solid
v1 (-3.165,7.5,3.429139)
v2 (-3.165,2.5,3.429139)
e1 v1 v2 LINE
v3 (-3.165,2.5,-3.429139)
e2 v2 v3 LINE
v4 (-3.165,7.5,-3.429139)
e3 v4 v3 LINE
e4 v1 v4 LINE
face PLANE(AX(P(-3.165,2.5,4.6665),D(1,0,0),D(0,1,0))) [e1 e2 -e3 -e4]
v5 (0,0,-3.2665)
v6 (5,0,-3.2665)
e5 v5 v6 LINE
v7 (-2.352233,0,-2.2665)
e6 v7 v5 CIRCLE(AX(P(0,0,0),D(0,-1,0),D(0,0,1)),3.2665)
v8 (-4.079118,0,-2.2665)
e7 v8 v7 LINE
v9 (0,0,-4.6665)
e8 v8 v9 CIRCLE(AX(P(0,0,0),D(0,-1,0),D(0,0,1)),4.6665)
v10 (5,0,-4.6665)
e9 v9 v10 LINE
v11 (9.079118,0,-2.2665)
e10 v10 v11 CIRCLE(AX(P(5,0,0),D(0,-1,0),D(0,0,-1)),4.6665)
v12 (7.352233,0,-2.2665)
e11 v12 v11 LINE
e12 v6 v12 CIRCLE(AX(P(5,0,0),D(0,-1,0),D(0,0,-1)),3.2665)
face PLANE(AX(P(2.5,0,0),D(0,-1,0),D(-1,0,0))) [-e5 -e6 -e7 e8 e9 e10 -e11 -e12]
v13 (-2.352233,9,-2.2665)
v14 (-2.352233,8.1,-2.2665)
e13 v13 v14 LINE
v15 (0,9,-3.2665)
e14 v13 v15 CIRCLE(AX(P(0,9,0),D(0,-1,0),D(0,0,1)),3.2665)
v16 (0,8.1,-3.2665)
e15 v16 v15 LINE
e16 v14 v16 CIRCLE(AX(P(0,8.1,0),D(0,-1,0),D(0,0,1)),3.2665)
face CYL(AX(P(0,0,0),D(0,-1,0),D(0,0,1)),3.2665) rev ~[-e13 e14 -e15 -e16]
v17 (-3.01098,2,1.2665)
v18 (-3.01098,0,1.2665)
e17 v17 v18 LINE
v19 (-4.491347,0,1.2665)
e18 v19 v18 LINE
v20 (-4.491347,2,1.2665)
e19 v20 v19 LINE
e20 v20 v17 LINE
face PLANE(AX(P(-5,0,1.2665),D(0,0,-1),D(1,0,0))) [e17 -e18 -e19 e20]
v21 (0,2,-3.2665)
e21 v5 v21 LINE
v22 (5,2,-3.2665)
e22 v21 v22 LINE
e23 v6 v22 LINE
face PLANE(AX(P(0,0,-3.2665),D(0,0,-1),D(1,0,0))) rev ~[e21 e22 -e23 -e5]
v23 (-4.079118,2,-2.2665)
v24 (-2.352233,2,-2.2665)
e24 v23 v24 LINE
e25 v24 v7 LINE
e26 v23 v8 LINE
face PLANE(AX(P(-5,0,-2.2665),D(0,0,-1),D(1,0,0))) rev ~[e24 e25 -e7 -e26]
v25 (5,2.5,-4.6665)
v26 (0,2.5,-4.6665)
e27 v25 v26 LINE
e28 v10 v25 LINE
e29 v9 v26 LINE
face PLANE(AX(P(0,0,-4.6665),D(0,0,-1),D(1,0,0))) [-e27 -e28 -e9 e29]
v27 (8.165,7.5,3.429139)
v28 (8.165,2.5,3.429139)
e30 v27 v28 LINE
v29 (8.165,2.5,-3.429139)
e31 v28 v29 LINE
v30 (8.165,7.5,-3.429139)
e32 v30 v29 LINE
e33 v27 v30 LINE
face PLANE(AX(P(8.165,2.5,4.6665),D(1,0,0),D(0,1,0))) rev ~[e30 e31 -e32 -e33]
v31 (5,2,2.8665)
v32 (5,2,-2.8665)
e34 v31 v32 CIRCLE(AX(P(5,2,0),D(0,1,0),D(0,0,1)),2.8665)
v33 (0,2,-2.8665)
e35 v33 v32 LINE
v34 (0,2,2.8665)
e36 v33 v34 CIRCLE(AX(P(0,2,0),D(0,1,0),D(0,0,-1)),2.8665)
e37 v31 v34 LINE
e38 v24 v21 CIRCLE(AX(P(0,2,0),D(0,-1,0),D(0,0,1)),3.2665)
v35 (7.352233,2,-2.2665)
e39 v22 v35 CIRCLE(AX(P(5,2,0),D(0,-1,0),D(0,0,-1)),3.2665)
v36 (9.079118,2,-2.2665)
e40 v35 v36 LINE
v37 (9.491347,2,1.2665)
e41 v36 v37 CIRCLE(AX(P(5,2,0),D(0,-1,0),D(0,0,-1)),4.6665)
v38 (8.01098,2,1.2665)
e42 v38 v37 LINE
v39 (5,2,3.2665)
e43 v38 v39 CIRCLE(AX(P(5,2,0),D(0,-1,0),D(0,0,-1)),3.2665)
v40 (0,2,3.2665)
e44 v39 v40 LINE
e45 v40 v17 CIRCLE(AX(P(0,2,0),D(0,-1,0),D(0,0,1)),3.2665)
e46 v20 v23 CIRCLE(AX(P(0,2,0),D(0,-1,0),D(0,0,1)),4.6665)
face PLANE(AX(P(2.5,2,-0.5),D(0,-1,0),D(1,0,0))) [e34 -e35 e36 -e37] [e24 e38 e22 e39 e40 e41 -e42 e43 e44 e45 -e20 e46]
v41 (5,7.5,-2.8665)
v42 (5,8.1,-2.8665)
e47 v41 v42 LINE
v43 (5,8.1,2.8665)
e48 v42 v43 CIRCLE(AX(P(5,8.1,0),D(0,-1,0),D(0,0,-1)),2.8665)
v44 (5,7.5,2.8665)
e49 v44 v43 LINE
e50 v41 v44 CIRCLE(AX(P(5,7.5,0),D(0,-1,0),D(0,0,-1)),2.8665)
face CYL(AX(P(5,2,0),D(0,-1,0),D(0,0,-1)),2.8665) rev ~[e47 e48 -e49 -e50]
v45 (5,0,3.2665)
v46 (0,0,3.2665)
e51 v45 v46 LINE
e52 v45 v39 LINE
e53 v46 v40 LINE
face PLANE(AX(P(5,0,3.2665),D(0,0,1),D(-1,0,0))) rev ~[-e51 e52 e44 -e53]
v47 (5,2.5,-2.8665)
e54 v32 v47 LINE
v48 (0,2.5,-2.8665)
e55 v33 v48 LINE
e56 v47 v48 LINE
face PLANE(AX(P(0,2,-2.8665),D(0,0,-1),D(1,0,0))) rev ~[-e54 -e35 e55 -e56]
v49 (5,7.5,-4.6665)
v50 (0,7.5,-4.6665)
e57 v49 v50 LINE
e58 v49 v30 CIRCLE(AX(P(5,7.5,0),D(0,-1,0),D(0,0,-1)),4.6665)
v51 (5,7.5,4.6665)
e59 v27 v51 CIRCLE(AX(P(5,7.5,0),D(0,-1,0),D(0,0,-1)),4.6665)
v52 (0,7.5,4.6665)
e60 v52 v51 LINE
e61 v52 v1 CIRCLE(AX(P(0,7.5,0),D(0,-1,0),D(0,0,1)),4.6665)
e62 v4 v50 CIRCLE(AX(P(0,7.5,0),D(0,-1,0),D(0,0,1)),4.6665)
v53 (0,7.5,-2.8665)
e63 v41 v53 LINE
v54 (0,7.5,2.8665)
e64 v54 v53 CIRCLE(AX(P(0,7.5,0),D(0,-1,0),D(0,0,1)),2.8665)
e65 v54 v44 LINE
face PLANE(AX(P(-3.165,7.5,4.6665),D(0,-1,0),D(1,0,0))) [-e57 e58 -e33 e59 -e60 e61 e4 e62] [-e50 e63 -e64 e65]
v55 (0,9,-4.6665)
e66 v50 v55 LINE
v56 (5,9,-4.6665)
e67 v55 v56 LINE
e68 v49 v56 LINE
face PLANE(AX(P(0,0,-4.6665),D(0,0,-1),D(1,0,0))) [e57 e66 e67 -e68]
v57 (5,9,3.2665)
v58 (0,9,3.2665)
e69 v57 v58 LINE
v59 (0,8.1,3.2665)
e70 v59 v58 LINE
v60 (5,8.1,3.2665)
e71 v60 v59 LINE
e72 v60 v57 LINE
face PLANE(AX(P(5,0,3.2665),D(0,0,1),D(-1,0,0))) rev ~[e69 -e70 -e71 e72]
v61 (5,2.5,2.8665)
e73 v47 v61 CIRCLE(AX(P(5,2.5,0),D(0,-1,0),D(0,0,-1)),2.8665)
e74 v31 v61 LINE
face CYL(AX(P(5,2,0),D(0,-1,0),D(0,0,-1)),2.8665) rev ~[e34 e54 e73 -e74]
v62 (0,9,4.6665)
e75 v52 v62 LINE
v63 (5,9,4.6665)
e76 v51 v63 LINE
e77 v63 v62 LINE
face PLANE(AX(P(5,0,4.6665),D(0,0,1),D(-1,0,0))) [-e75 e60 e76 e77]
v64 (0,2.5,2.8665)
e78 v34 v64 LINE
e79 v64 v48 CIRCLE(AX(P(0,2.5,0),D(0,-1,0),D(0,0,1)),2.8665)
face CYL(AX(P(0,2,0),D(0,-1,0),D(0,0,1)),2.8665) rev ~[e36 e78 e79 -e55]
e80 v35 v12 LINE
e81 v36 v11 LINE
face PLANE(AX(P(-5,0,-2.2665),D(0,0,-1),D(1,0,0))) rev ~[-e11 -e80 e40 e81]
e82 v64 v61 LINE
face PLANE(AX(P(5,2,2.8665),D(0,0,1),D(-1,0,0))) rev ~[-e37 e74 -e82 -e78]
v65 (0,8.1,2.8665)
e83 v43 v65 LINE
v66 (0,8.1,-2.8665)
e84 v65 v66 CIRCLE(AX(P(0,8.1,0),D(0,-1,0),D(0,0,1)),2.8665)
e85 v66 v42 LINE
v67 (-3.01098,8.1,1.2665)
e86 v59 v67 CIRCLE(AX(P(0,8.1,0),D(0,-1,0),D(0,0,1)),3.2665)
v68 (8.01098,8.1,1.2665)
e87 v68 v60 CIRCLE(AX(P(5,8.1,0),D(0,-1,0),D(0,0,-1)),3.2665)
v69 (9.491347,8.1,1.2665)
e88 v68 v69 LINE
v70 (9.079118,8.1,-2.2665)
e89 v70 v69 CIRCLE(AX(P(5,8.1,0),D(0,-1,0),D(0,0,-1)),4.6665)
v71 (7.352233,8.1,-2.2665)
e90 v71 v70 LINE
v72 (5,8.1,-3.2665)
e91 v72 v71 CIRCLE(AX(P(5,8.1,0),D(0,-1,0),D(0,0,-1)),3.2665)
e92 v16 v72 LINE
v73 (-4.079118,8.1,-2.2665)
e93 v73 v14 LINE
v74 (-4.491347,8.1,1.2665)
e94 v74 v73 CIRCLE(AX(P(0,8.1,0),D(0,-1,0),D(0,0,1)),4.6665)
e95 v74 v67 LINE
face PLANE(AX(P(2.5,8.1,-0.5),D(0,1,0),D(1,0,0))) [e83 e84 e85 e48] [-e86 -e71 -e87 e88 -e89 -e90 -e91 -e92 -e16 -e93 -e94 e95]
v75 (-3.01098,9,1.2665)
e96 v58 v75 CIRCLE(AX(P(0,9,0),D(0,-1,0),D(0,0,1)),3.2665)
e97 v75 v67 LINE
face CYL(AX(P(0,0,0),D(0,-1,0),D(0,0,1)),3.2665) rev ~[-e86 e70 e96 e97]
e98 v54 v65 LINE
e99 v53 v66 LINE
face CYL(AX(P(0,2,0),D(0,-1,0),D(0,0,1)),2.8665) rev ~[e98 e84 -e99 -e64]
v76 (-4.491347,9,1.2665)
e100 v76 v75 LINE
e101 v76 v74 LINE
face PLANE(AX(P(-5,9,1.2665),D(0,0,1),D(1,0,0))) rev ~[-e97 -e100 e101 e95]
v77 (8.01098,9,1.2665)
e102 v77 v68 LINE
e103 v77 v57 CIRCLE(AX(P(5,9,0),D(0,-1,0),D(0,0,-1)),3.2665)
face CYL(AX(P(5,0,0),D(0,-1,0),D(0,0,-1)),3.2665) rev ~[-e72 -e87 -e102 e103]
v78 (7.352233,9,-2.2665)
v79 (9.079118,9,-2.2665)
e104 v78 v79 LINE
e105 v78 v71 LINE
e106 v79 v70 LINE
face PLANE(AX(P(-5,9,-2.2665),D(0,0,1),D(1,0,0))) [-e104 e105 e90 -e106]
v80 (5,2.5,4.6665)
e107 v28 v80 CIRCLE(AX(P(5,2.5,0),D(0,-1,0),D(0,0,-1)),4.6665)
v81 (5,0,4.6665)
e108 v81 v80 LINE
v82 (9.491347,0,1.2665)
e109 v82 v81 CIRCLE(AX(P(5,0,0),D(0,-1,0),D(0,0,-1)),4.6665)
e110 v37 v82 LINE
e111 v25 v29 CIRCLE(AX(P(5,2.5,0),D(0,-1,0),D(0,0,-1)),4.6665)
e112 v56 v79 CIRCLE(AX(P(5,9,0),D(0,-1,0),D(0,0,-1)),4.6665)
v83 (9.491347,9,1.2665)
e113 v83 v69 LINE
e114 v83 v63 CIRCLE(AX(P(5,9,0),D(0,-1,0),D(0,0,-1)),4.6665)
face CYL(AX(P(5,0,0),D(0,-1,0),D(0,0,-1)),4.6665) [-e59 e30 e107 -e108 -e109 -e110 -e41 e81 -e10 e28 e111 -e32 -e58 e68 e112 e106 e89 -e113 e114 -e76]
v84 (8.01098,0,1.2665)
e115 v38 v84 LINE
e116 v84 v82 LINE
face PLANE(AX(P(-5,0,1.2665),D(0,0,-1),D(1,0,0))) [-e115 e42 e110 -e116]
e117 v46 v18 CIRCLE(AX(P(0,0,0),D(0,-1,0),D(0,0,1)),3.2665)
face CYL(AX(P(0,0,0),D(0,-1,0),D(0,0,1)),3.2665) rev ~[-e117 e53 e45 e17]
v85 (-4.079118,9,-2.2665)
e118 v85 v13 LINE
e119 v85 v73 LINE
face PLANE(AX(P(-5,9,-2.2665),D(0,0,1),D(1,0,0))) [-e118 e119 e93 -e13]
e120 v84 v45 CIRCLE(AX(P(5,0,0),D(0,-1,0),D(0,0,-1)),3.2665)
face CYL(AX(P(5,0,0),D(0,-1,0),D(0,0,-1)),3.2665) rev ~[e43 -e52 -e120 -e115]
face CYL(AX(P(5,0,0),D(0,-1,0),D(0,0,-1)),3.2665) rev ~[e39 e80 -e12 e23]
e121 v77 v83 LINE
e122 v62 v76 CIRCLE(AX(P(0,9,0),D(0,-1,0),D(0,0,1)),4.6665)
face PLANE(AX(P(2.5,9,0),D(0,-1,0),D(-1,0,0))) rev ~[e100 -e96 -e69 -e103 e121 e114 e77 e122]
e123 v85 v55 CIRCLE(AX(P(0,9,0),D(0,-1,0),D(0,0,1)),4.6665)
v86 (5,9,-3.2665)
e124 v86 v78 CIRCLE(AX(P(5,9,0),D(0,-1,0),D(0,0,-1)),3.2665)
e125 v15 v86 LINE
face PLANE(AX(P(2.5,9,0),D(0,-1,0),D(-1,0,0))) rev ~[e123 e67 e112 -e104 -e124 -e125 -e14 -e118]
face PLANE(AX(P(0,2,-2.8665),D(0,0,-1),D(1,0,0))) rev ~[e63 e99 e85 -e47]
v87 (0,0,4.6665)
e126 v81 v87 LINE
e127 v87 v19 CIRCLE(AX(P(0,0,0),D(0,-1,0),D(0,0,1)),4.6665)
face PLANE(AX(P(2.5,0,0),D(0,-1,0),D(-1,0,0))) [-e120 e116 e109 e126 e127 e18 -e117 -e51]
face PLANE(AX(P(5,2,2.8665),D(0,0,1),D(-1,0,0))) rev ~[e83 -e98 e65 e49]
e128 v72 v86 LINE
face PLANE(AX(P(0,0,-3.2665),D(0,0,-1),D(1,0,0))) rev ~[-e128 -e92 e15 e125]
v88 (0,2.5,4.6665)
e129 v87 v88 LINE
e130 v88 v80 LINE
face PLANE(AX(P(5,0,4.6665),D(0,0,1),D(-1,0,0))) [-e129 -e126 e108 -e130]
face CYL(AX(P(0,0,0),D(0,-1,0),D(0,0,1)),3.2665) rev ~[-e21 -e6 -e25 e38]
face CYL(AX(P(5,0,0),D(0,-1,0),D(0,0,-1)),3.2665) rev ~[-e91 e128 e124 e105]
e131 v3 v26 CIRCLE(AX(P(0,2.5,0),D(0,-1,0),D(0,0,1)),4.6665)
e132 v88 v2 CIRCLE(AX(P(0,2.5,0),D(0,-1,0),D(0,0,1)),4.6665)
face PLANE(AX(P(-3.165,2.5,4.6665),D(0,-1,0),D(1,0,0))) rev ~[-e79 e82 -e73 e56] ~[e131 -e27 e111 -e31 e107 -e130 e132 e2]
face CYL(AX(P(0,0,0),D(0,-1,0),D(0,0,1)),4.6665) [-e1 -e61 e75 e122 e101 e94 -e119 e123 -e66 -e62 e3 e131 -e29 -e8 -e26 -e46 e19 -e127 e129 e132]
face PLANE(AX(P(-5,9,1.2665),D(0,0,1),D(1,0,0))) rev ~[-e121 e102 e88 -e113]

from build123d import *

# Parameters (mm, degrees)
BOSS_EXTRUDE1_DEPTH = 9
BOSS_EXTRUDE2_DEPTH = 6.1
SKETCH3_W           = 11.33
SKETCH3_H           = 5
CUT_EXTRUDE1_DEPTH  = 10
SKETCH4_W           = 15
SKETCH4_H           = 3.533
CUT_EXTRUDE2_DEPTH  = 0.9
SKETCH5_W           = 15
SKETCH5_H           = 3.533
CUT_EXTRUDE3_DEPTH  = 2


with BuildPart() as part:
    # Sketch1 → Boss-Extrude1 (new body)
    with BuildSketch(Plane(origin=(0, 0, 0), x_dir=(1, 0, 0), z_dir=(0, 1, 0))):
        with BuildLine():
            Line((0, 4.6665), (5, 4.6665))
            ThreePointArc((5, 4.6665), (9.6665, 0), (5, -4.6665))
            Line((5, -4.6665), (0, -4.6665))
            ThreePointArc((0, -4.6665), (-4.6665, 0), (0, 4.6665))
        make_face()
        with BuildLine():
            Line((0, 3.2665), (5, 3.2665))
            ThreePointArc((5, 3.2665), (8.2665, 0), (5, -3.2665))
            Line((5, -3.2665), (0, -3.2665))
            ThreePointArc((0, -3.2665), (-3.2665, 0), (0, 3.2665))
        make_face(mode=Mode.SUBTRACT)
    extrude(amount=BOSS_EXTRUDE1_DEPTH)

    # Sketch2 → Boss-Extrude2 (add)
    with BuildSketch(Plane(origin=(0, 2, 0), x_dir=(1, 0, 0), z_dir=(0, 1, 0))):
        with BuildLine():
            Line((0, 3.2665), (5, 3.2665))
            ThreePointArc((5, 3.2665), (8.2665, 0), (5, -3.2665))
            Line((5, -3.2665), (0, -3.2665))
            ThreePointArc((0, -3.2665), (-3.2665, 0), (0, 3.2665))
        make_face()
        with BuildLine():
            Line((0, 2.8665), (5, 2.8665))
            ThreePointArc((5, 2.8665), (7.8665, 0), (5, -2.8665))
            Line((5, -2.8665), (0, -2.8665))
            ThreePointArc((0, -2.8665), (-2.8665, 0), (0, 2.8665))
        make_face(mode=Mode.SUBTRACT)
    extrude(amount=BOSS_EXTRUDE2_DEPTH)

    # Sketch3 → Cut-Extrude1 (cut)
    with BuildSketch(Plane.XY.offset(4.6665)):
        with Locations((2.5, 5)):
            Rectangle(SKETCH3_W, SKETCH3_H)
    extrude(amount=-CUT_EXTRUDE1_DEPTH, mode=Mode.SUBTRACT)

    # Sketch4 → Cut-Extrude2 (cut)
    with BuildSketch(Plane(origin=(0, 9, 0), x_dir=(1, 0, 0), z_dir=(0, 1, 0))):
        with Locations((2.5, 0.5)):
            Rectangle(SKETCH4_W, SKETCH4_H)
    extrude(amount=-CUT_EXTRUDE2_DEPTH, mode=Mode.SUBTRACT)

    # Sketch5 → Cut-Extrude3 (cut)
    with BuildSketch(Plane.XZ):
        with Locations((2.5, -0.5)):
            Rectangle(SKETCH5_W, SKETCH5_H)
    extrude(amount=-CUT_EXTRUDE3_DEPTH, mode=Mode.SUBTRACT)


solid = part.part
